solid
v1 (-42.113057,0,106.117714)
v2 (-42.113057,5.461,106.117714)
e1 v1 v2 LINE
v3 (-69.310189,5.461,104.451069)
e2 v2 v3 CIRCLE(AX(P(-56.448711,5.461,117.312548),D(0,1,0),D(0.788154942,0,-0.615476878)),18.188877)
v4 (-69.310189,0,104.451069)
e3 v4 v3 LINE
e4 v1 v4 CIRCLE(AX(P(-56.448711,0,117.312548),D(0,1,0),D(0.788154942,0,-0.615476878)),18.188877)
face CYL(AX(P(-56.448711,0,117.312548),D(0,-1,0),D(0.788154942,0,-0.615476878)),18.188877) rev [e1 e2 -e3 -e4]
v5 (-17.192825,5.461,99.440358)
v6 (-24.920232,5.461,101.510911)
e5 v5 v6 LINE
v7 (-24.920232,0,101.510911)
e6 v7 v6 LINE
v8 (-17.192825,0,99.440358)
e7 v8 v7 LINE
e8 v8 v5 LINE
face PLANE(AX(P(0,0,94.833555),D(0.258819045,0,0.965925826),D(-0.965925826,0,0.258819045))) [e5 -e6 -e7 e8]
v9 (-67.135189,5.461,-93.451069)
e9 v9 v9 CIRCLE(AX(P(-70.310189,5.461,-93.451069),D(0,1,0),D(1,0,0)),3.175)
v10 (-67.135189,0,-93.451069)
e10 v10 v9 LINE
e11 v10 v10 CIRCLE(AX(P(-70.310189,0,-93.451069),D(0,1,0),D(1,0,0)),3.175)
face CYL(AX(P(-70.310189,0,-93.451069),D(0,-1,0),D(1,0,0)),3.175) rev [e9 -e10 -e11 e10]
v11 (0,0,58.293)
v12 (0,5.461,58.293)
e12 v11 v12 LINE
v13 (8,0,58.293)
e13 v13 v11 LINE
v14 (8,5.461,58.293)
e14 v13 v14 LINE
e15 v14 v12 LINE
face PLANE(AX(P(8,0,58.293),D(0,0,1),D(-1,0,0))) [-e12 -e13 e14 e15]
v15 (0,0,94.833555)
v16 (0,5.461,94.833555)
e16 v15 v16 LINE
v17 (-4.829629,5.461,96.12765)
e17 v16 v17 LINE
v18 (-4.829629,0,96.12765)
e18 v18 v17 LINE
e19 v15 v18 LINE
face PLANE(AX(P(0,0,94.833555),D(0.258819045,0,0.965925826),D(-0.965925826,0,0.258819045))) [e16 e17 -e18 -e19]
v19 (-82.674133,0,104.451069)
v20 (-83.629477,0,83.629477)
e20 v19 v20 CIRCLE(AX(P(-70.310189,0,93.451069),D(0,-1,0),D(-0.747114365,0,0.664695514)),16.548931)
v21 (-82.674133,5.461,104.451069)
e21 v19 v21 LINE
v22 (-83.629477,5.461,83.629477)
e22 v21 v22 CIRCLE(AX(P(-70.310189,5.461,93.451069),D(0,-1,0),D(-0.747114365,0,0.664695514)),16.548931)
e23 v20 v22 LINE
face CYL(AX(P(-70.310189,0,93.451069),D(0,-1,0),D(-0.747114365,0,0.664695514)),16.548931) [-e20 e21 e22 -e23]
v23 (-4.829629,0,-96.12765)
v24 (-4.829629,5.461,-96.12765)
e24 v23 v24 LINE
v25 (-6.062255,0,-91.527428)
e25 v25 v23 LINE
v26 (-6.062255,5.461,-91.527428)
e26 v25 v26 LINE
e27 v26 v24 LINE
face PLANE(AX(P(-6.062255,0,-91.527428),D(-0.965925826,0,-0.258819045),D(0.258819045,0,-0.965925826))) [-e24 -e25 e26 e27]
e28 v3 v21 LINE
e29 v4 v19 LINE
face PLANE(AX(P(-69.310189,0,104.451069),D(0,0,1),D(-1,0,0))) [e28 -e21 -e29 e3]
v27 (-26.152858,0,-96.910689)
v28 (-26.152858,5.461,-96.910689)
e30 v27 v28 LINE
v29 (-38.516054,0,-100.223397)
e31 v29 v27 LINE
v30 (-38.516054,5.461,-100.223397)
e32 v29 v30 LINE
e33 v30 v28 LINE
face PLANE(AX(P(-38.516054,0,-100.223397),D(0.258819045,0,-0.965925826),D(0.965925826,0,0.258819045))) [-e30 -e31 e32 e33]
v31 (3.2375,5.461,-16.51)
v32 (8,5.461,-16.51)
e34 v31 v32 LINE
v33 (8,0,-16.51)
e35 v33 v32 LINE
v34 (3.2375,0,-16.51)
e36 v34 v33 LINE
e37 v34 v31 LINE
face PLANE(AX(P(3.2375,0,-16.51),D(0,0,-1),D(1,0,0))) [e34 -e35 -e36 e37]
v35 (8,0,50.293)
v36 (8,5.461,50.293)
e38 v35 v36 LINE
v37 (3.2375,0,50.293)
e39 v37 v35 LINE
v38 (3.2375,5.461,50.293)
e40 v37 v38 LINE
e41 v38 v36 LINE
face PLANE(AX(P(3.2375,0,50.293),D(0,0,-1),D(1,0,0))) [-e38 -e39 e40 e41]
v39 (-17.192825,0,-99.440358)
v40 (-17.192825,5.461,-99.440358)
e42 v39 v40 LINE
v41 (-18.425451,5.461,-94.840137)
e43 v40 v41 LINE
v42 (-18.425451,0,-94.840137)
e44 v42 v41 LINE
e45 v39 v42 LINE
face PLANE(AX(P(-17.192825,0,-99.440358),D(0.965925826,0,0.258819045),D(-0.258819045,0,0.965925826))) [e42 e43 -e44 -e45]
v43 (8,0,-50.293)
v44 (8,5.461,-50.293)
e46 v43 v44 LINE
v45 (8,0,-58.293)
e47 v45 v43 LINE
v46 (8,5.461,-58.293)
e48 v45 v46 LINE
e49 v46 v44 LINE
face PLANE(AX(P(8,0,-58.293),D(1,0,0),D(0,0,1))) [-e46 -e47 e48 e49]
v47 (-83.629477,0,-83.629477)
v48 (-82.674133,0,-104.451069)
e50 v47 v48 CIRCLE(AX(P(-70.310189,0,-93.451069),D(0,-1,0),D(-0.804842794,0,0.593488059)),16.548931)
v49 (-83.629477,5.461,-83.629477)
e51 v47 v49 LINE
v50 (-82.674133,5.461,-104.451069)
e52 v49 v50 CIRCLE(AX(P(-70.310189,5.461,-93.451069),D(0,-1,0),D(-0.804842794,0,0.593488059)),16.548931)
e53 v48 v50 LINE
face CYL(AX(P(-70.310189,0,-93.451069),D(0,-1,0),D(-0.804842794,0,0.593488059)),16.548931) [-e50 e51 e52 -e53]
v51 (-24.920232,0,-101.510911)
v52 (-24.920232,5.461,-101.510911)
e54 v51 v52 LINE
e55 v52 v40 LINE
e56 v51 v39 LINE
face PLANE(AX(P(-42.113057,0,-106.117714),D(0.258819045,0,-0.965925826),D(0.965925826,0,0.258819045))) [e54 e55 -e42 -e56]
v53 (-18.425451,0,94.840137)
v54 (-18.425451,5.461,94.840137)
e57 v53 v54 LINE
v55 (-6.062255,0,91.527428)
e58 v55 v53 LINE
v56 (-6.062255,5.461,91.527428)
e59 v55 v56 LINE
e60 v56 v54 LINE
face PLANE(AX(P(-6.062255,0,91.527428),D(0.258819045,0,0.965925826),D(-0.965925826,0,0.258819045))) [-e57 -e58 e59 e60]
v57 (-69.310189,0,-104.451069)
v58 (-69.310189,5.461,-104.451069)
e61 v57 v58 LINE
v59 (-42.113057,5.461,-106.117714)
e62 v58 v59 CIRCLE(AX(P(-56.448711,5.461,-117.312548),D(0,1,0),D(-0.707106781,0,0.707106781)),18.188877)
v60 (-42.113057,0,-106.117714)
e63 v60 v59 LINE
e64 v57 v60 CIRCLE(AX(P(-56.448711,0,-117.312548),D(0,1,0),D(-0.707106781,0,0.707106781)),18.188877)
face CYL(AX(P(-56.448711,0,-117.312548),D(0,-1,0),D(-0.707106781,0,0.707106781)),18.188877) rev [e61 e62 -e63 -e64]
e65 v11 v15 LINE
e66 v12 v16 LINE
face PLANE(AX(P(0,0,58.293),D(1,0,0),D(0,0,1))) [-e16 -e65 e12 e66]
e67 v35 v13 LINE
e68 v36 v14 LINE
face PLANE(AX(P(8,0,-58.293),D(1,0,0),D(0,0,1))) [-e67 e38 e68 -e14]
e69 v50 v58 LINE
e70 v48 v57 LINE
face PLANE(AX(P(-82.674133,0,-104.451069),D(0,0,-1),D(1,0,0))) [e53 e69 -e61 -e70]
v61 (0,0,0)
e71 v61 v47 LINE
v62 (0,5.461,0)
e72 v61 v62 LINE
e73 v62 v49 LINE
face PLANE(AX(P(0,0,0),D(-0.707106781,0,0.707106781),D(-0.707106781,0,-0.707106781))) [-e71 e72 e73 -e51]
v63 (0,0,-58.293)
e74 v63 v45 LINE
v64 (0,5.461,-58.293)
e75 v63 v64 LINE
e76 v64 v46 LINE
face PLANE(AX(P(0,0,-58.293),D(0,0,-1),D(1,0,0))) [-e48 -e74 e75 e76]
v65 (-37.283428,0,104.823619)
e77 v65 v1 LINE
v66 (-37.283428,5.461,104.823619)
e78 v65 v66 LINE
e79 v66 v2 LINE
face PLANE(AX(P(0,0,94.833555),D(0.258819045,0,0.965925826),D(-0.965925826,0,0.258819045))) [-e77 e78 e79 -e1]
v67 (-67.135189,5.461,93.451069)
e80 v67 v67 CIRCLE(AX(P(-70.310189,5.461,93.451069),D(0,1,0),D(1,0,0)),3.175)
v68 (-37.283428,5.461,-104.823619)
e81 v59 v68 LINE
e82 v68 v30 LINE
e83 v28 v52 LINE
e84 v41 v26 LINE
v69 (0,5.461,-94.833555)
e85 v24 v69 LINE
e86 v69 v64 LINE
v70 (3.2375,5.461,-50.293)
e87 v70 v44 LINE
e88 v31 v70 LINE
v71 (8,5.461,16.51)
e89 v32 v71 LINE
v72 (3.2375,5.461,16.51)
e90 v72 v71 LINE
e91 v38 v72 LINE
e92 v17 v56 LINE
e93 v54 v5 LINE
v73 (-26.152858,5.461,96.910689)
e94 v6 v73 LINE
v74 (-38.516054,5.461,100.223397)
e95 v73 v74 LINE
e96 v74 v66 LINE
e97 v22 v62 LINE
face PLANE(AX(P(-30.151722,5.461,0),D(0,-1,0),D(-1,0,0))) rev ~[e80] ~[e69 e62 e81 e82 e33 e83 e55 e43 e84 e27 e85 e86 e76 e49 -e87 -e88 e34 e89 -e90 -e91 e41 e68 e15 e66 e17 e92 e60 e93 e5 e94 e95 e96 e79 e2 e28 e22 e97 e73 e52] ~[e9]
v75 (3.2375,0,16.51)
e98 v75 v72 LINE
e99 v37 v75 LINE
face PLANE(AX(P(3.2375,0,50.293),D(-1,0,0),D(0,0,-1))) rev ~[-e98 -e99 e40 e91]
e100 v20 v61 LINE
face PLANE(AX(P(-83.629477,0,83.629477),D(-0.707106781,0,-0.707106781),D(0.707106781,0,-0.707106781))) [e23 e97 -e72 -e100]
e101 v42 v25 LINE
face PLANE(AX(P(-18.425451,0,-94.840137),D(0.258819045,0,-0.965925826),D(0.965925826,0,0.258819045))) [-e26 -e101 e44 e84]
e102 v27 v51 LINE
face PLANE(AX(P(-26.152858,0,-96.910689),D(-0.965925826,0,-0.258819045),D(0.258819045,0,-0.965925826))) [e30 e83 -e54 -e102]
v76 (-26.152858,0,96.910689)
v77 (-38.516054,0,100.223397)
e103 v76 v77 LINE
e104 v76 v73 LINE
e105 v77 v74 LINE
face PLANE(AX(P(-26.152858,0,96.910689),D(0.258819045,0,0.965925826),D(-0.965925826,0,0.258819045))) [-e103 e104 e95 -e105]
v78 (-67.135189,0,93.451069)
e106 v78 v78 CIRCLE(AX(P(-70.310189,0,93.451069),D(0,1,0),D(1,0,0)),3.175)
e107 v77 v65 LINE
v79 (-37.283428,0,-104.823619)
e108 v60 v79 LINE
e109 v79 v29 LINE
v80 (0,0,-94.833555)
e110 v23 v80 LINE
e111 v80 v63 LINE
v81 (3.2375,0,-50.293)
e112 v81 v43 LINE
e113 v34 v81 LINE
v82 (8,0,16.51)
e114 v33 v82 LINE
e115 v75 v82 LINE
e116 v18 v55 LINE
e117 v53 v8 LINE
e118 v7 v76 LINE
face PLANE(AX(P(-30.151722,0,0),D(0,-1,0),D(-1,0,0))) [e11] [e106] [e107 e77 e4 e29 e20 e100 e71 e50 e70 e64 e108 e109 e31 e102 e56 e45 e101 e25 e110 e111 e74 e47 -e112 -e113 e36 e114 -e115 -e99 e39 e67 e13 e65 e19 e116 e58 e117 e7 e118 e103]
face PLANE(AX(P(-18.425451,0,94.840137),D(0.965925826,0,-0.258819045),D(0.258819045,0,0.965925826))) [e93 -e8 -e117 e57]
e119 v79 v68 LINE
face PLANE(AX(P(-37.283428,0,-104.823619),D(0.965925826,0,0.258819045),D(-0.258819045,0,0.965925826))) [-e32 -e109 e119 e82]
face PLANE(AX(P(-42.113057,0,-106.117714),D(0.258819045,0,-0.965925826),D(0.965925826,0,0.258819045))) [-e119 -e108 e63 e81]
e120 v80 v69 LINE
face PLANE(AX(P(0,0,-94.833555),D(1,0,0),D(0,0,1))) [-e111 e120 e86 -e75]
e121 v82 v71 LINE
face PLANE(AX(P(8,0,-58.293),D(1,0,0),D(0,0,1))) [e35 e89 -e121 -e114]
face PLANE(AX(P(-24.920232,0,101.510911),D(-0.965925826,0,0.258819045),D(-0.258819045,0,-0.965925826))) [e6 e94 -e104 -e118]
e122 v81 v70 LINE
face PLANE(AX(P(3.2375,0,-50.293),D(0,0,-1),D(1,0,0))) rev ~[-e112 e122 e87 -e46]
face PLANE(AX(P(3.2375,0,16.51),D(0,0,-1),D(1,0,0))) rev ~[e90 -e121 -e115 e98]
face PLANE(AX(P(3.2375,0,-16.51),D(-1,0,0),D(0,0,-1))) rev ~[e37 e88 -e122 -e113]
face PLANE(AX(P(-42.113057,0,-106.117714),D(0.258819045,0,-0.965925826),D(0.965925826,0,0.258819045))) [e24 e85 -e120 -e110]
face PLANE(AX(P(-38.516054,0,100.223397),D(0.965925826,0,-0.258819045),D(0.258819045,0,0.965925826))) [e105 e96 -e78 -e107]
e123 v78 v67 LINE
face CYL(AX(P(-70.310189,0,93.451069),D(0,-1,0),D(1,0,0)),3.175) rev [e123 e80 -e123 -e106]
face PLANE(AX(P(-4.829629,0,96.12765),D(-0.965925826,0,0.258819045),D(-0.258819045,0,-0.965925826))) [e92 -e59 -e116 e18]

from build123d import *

# Parameters (mm, degrees)
SKETCH1_R           = 3.175
BOSS_EXTRUDE1_DEPTH = 5.461
SKETCH2_W           = 4.7625
SKETCH2_H           = 33.783
CUT_EXTRUDE1_DEPTH  = 6.461


with BuildPart() as part:
    # Sketch1 → Boss-Extrude1 (new body)
    with BuildSketch(Plane(origin=(0, 0, 0), x_dir=(1, 0, 0), z_dir=(0, 1, 0))):
        with BuildLine():
            Line((-82.674132744, 104.451069294), (-69.310188895, 104.451069294))
            ThreePointArc((-69.310188895, 104.451069294), (-55.336180049, 99.157726681), (-42.113057451, 106.117714323))
            Line((-42.113057451, 106.117714323), (0, 94.833554589))
            Line((0, 94.833554589), (0, 58.293))
            Line((0, 58.293), (8, 58.293))
            Line((8, 58.293), (8, -58.293))
            Line((8, -58.293), (0, -58.293))
            Line((0, -58.293), (0, -94.833554589))
            Line((0, -94.833554589), (-42.113057451, -106.117714323))
            ThreePointArc((-42.113057451, -106.117714323), (-55.336180049, -99.157726681), (-69.310188895, -104.451069294))
            Line((-69.310188895, -104.451069294), (-82.674132744, -104.451069294))
            ThreePointArc((-82.674132744, -104.451069294), (-86.841727728, -94.209575285), (-83.629476528, -83.629476528))
            Line((-83.629476528, -83.629476528), (0, 0))
            Line((0, 0), (-83.629476528, 83.629476528))
            ThreePointArc((-83.629476528, 83.629476528), (-86.841727728, 94.209575285), (-82.674132744, 104.451069294))
        make_face()
        with Locations((-70.310188895, 93.451069294)):
            Circle(SKETCH1_R, mode=Mode.SUBTRACT)
        with Locations((-70.310188895, -93.451069294)):
            Circle(SKETCH1_R, mode=Mode.SUBTRACT)
    extrude(amount=BOSS_EXTRUDE1_DEPTH)

    # Sketch2 → Cut-Extrude1 (cut, through all)
    with BuildSketch(Plane(origin=(0, 0, 0), x_dir=(1, 0, 0), z_dir=(0, 1, 0))):
        Polygon((-17.19282542, -99.440358276), (-4.829629131, -96.127649814), (-6.062254834, -91.527428067), (-18.425451123, -94.840136528), align=None)
        Polygon((-37.283428319, -104.823619098), (-24.920232031, -101.510910637), (-26.152857733, -96.910688889), (-38.516054022, -100.22339735), align=None)
        with Locations((5.61875, -33.4015)):
            Rectangle(SKETCH2_W, SKETCH2_H)
        Polygon((-38.516054022, 100.22339735), (-26.152857733, 96.910688889), (-24.920232031, 101.510910637), (-37.283428319, 104.823619098), align=None)
        Polygon((-18.425451123, 94.840136528), (-6.062254834, 91.527428067), (-4.829629131, 96.127649814), (-17.19282542, 99.440358276), align=None)
        with Locations((5.61875, 33.4015)):
            Rectangle(SKETCH2_W, SKETCH2_H)
    extrude(amount=CUT_EXTRUDE1_DEPTH, mode=Mode.SUBTRACT)


solid = part.part
